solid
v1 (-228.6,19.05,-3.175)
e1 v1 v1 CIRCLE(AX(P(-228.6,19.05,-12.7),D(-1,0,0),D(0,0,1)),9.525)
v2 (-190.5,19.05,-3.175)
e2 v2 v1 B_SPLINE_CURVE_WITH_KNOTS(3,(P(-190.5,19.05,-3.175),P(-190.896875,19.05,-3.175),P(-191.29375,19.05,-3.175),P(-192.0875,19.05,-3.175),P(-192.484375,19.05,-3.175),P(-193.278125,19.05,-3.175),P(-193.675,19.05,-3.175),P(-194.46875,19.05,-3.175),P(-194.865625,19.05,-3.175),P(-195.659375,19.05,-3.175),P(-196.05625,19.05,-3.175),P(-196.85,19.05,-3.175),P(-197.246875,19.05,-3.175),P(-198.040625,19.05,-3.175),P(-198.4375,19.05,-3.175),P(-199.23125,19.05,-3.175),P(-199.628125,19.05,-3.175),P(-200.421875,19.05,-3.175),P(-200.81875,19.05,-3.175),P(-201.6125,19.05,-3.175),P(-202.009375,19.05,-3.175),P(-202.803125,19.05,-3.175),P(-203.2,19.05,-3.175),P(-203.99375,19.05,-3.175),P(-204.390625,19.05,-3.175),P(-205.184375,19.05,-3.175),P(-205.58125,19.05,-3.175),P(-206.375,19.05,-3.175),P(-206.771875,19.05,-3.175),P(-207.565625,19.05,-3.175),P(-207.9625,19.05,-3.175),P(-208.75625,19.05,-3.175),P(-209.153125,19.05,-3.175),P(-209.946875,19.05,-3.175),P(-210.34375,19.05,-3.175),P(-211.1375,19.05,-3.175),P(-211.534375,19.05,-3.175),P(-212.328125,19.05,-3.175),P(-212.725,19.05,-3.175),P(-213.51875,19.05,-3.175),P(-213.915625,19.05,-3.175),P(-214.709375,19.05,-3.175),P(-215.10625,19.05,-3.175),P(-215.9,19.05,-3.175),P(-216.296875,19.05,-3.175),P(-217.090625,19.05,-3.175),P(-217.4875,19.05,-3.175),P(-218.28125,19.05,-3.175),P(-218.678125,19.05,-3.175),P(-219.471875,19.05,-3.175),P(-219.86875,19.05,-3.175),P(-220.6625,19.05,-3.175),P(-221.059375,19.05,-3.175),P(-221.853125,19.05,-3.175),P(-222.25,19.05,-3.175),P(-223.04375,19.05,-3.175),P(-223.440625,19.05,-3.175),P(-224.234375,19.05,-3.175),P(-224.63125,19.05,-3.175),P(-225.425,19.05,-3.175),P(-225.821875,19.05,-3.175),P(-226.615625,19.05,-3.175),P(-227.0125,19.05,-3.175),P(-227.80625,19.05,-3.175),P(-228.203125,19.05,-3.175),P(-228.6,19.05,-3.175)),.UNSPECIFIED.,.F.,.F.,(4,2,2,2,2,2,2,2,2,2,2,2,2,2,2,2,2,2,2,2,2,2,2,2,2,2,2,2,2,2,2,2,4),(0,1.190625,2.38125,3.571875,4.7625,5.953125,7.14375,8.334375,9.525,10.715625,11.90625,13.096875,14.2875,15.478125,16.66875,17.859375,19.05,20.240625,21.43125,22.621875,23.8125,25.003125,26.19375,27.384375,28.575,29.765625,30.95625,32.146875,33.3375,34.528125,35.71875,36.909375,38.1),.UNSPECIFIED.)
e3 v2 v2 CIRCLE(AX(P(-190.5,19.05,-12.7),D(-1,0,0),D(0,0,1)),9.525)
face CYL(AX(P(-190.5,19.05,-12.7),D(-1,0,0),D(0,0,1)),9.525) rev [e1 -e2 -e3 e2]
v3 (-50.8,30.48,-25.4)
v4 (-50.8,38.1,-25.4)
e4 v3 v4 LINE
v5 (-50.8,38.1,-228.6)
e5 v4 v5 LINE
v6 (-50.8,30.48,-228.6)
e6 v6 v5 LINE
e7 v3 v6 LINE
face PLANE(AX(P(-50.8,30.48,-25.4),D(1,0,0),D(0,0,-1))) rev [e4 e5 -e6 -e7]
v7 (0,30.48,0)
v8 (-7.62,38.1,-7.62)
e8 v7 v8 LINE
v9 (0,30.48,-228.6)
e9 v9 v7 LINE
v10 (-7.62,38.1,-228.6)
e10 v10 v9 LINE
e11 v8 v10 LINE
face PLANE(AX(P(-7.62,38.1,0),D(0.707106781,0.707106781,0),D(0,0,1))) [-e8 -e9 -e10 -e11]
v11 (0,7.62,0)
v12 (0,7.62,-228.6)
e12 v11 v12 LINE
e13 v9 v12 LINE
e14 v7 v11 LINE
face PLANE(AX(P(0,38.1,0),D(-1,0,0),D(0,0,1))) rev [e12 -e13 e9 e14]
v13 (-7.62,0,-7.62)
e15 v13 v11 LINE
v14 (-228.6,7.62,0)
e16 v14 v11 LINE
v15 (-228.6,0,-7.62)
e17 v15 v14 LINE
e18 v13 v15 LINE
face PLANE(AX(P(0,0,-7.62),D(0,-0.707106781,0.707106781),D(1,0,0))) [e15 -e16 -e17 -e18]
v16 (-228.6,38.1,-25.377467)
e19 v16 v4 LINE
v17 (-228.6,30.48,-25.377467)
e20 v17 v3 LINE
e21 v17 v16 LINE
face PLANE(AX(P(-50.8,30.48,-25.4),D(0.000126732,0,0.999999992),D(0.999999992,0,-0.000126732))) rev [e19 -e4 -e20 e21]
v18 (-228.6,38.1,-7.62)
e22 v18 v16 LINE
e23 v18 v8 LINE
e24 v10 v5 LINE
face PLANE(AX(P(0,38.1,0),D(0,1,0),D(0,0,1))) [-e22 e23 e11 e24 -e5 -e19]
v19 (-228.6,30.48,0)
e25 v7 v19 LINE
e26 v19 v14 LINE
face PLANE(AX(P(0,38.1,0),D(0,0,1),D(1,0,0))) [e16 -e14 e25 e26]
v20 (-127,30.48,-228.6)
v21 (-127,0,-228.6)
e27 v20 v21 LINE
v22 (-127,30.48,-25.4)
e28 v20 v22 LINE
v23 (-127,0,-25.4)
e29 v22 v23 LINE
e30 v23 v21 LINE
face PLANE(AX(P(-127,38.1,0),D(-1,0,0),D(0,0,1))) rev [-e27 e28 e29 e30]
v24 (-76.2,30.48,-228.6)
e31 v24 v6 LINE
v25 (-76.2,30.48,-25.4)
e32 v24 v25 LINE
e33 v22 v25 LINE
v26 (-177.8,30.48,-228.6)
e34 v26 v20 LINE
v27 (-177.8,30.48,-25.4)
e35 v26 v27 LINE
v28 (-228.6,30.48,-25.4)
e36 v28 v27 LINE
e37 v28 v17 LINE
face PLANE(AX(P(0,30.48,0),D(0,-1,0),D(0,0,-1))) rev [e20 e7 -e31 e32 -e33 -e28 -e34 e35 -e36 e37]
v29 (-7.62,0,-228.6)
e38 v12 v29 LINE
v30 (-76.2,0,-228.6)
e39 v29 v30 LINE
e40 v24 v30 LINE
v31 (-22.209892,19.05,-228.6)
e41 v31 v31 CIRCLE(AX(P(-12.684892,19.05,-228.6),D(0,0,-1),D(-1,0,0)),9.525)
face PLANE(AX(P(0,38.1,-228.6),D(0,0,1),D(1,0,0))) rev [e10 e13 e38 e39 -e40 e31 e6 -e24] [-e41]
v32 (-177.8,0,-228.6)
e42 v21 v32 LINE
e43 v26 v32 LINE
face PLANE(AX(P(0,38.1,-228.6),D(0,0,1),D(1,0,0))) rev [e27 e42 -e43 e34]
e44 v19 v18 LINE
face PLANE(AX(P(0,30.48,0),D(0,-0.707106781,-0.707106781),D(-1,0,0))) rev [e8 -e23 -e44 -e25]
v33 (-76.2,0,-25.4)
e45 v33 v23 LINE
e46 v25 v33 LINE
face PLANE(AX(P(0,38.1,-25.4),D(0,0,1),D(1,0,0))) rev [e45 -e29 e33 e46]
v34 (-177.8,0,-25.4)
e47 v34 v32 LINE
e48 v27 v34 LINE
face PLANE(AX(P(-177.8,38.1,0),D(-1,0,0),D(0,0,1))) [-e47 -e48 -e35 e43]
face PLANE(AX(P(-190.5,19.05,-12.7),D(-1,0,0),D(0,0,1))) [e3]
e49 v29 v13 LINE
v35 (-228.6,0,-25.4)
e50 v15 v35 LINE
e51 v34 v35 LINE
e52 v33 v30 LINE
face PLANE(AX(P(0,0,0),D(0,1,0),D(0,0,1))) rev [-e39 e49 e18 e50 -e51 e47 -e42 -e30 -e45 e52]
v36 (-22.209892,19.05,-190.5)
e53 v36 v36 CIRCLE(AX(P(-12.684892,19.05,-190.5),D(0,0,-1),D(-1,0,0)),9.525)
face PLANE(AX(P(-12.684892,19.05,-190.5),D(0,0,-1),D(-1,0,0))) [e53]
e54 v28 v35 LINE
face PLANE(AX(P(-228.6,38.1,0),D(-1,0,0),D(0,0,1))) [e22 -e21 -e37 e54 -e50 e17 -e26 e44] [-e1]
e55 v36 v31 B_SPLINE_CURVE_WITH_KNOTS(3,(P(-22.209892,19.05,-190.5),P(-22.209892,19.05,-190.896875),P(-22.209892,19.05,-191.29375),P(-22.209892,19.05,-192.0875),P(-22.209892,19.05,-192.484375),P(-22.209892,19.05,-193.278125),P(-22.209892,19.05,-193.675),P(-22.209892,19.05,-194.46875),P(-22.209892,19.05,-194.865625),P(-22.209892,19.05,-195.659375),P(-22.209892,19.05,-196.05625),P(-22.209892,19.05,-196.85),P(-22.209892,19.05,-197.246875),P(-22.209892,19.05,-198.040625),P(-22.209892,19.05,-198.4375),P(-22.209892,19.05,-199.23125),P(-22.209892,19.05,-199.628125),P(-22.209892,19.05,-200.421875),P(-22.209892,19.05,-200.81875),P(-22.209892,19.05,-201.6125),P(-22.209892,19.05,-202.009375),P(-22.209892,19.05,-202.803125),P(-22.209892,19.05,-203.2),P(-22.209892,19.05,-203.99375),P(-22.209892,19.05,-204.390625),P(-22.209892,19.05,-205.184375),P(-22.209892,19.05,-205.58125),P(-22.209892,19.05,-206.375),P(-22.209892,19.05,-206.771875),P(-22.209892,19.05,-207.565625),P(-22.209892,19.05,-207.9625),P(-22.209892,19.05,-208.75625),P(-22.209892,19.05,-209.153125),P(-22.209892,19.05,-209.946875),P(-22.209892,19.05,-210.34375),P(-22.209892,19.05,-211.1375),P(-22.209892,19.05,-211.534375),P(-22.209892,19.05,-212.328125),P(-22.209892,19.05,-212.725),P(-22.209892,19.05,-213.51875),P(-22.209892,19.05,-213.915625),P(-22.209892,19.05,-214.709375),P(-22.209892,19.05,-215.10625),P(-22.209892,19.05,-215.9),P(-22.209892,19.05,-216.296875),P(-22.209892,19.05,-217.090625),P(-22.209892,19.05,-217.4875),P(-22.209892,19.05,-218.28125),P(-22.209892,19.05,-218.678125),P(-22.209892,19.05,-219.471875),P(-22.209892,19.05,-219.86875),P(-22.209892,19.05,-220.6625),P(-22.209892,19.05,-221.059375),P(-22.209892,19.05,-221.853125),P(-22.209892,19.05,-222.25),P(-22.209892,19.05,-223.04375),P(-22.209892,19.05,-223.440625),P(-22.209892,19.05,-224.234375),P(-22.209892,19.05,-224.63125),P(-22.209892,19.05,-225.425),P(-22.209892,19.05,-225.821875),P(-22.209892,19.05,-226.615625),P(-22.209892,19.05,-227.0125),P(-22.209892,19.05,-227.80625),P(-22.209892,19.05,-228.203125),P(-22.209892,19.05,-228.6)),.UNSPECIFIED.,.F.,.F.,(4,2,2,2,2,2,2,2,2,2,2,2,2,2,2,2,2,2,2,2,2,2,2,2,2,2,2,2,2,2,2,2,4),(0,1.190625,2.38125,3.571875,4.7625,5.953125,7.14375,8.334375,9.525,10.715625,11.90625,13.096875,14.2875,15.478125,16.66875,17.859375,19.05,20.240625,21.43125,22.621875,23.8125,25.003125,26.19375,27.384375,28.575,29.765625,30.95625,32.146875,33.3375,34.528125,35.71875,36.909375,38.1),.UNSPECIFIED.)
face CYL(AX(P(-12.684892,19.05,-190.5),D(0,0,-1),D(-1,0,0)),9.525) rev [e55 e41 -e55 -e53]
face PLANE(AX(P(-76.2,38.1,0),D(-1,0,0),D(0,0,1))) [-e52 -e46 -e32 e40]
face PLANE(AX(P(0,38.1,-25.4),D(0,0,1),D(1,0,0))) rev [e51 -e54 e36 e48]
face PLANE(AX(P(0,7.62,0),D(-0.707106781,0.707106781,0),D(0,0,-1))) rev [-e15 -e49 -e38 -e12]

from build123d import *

# Parameters (mm, degrees)
SKETCH1_W           = 50.8
SKETCH1_H           = 203.2
BOSS_EXTRUDE1_DEPTH = 38.1
SKETCH3_R           = 9.525
CUT_EXTRUDE1_DEPTH  = 38.1
SKETCH4_R           = 9.525
CUT_EXTRUDE2_DEPTH  = 38.1
CUT_EXTRUDE3_DEPTH  = 7.62
CHAMFER1_SIZE       = 7.62


with BuildPart() as part:
    # Sketch1 → Boss-Extrude1 (new body)
    with BuildSketch(Plane(origin=(0, 0, 0), x_dir=(1, 0, 0), z_dir=(0, 1, 0))):
        Polygon((-25.4, 228.6), (-25.4, 25.4), (-76.2, 25.4), (-127, 25.4), (-177.8, 25.4), (-228.6, 25.4), (-228.6, 0), (0, 0), (0, 228.6), align=None)
        with Locations((-50.8, 127)):
            Rectangle(SKETCH1_W, SKETCH1_H)
        with Locations((-152.4, 127)):
            Rectangle(SKETCH1_W, SKETCH1_H)
    extrude(amount=BOSS_EXTRUDE1_DEPTH)

    # Sketch3 → Cut-Extrude1 (cut)
    with BuildSketch(Plane.ZY.offset(228.6)):
        with Locations((-12.7, 19.05)):
            Circle(SKETCH3_R)
    extrude(amount=-CUT_EXTRUDE1_DEPTH, mode=Mode.SUBTRACT)

    # Sketch4 → Cut-Extrude2 (cut)
    with BuildSketch(Plane(origin=(0, 0, -228.6), x_dir=(-1, 0, 0), z_dir=(0, 0, -1))):
        with Locations((12.684892179, 19.05)):
            Circle(SKETCH4_R)
    extrude(amount=-CUT_EXTRUDE2_DEPTH, mode=Mode.SUBTRACT)

    # Sketch5 → Cut-Extrude3 (cut)
    with BuildSketch(Plane(origin=(0, 38.1, 0), x_dir=(1, 0, 0), z_dir=(0, 1, 0))):
        Polygon((-50.8, 25.4), (-279.4, 25.371028997), (-279.4, 279.4), (-50.8, 279.4), align=None)
    extrude(amount=-CUT_EXTRUDE3_DEPTH, mode=Mode.SUBTRACT)

    # Chamfer1
    chamfer1_edges = [part.edges().sort_by_distance(p)[0] for p in [
        (0, 0, -114.3),
        (-114.3, 0, 0),
        (-114.3, 38.1, 0),
        (0, 38.1, -114.3),
    ]]
    chamfer(chamfer1_edges, length=CHAMFER1_SIZE)


solid = part.part
